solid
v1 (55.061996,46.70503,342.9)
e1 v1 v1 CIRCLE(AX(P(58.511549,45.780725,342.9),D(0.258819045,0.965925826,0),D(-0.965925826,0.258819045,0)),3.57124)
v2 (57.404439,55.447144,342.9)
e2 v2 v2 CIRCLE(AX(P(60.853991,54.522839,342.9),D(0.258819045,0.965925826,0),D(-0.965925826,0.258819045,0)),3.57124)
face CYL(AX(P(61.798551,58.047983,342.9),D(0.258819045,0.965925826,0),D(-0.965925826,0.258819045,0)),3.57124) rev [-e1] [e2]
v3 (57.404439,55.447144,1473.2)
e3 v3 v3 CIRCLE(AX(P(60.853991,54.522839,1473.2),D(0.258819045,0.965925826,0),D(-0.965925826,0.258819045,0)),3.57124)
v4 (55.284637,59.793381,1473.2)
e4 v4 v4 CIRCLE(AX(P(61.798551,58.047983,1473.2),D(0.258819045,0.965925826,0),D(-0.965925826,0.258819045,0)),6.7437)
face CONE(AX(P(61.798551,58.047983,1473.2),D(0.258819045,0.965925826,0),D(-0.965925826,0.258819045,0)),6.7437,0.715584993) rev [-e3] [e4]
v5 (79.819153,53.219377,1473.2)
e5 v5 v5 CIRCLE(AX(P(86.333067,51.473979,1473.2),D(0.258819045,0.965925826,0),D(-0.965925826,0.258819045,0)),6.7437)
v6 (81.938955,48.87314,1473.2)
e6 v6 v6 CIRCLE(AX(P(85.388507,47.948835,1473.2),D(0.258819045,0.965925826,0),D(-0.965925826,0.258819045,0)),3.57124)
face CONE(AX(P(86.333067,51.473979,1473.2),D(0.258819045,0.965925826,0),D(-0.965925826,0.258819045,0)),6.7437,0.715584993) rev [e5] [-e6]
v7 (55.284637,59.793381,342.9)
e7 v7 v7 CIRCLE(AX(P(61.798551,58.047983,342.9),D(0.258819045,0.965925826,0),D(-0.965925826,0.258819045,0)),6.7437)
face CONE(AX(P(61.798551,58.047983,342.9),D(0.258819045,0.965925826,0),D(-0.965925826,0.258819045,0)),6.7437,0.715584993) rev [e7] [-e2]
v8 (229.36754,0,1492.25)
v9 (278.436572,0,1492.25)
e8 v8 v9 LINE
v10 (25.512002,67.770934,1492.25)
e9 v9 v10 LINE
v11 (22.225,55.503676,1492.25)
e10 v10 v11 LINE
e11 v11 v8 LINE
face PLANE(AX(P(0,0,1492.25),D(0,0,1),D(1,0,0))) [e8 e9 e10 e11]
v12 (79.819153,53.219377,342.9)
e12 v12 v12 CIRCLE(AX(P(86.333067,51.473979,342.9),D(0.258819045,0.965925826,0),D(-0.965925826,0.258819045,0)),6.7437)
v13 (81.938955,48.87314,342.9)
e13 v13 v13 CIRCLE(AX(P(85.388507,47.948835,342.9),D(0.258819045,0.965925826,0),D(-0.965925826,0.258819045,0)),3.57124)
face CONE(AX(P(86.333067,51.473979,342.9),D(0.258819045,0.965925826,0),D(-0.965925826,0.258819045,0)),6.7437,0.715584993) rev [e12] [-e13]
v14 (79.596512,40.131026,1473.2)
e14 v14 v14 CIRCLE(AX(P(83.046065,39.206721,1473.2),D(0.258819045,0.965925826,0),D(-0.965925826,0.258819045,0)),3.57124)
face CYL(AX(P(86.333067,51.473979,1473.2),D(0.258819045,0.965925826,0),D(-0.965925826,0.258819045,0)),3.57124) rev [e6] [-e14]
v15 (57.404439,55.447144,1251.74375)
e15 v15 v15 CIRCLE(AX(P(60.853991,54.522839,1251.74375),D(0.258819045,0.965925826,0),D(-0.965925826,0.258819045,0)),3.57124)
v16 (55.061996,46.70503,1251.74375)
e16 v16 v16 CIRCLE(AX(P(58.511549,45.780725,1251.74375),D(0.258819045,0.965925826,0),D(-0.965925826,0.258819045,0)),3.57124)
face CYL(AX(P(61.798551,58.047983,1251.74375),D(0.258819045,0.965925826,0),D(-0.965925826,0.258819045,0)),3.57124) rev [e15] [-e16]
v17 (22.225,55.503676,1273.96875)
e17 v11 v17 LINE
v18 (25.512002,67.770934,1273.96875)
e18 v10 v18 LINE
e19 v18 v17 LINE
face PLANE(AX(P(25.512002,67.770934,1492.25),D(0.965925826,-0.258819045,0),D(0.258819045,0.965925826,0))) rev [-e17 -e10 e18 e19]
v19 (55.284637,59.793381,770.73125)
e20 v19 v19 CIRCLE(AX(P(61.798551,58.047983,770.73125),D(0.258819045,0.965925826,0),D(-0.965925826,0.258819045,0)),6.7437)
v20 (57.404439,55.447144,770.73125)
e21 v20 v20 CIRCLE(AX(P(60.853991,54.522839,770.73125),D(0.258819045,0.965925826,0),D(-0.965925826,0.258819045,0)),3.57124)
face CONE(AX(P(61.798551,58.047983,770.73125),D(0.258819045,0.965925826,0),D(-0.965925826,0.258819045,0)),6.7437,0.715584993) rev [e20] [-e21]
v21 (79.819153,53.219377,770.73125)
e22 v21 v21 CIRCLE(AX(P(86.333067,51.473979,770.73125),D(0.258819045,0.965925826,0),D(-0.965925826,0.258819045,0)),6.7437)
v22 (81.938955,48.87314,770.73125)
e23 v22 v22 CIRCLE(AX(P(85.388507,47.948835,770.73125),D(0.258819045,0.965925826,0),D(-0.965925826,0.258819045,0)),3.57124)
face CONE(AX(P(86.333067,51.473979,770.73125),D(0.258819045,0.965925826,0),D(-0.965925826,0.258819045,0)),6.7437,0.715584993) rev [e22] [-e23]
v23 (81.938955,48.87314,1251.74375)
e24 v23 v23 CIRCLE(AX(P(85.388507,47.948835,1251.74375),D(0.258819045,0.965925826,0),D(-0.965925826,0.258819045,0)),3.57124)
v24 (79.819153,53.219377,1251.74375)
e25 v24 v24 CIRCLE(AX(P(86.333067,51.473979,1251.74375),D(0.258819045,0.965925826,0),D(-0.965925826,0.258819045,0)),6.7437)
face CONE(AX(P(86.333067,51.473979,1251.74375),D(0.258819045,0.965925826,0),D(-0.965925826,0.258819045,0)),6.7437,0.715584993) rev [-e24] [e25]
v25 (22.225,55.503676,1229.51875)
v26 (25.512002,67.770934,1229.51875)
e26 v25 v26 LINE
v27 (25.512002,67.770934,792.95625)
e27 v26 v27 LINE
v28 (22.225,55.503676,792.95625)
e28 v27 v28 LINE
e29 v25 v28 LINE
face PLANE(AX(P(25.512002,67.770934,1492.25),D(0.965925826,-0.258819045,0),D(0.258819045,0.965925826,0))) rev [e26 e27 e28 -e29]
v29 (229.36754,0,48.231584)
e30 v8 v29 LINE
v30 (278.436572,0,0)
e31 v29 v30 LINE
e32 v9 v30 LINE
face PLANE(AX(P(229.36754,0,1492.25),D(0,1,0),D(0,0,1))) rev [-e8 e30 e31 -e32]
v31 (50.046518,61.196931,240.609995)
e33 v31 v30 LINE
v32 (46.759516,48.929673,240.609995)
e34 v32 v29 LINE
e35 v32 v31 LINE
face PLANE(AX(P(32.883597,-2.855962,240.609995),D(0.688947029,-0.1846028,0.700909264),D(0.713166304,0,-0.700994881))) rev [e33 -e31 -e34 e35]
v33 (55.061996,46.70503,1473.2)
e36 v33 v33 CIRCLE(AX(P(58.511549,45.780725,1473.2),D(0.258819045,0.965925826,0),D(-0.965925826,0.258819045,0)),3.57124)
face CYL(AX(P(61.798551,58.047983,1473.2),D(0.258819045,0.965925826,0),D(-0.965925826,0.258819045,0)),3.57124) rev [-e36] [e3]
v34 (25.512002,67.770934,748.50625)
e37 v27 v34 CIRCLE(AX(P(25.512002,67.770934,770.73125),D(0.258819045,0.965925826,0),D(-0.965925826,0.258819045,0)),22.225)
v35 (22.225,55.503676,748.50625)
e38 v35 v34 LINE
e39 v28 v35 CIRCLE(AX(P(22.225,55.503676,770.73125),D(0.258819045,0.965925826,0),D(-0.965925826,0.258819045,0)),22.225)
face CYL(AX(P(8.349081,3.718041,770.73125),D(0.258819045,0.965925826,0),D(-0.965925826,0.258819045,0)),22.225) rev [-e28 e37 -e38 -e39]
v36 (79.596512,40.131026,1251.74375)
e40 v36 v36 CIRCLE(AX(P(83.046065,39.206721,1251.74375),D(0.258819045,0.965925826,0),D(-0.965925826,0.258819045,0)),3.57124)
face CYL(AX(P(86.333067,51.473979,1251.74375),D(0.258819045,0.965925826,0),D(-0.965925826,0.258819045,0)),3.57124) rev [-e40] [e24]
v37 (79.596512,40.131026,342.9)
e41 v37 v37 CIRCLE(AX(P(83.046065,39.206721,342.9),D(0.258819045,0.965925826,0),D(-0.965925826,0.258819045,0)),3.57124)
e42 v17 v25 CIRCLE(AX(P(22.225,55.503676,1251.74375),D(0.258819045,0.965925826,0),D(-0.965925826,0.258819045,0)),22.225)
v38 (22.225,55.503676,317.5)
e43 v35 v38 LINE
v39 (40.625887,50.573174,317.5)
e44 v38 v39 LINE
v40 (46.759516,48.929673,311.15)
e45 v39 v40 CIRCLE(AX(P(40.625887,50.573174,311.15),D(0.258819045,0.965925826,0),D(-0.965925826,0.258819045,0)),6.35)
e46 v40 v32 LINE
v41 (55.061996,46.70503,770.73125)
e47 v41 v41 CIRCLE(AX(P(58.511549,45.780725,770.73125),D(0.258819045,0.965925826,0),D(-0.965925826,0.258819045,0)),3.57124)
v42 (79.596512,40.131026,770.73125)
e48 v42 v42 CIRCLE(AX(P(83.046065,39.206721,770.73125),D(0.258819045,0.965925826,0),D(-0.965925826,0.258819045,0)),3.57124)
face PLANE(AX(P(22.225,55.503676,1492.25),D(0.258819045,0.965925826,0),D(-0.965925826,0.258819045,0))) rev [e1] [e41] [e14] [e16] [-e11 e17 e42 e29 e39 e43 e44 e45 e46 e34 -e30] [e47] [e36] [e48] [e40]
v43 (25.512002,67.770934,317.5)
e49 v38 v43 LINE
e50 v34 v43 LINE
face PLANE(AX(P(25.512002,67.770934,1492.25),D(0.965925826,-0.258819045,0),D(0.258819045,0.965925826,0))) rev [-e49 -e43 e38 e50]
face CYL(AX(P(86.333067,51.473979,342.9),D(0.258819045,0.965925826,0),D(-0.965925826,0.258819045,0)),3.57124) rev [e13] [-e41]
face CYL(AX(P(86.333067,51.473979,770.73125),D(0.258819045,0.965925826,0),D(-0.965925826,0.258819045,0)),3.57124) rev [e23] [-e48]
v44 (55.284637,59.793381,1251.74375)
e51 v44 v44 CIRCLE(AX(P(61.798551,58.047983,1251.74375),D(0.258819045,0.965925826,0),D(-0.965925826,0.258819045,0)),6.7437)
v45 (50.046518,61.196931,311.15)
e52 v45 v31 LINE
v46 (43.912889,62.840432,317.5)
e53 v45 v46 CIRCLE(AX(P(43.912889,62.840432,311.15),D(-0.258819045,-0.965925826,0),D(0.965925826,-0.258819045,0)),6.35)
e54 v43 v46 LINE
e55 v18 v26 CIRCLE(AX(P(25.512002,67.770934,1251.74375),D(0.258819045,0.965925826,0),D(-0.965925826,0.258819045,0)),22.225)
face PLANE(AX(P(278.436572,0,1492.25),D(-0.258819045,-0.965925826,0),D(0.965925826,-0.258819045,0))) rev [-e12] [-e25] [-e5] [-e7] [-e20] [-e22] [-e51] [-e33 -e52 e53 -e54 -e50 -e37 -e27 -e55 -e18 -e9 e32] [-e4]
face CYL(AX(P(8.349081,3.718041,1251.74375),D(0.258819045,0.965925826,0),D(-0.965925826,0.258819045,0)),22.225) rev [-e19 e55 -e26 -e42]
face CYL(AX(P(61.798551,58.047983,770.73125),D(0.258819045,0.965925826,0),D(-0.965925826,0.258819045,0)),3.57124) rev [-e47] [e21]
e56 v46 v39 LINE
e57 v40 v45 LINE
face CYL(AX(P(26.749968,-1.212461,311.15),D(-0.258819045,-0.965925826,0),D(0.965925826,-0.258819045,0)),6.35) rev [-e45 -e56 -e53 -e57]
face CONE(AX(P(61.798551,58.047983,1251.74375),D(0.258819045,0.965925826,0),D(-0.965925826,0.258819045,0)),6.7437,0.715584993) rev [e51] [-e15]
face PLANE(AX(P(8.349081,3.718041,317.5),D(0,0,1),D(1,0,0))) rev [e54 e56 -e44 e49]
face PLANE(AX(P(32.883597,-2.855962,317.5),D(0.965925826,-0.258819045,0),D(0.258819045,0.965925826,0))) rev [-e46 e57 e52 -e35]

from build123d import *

# Parameters (mm, degrees)
BOSS_EXTRUDE1_DEPTH                                 = 1492.25
CSK_FOR_1_4_FLAT_HEAD_SOCKET_CAP_SCREW1_D           = 7.14248
CSK_FOR_1_4_FLAT_HEAD_SOCKET_CAP_SCREW1_CSINK_D     = 13.4874
CSK_FOR_1_4_FLAT_HEAD_SOCKET_CAP_SCREW1_CSINK_ANGLE = 82
SKETCH4_R                                           = 22.225
CUT_EXTRUDE1_DEPTH                                  = 67.312434508
CUT_EXTRUDE2_DEPTH                                  = 67.312434508
FILLET1_R                                           = 6.35


with BuildPart() as part:
    # Sketch1 → Boss-Extrude1 (new body)
    with BuildSketch(Plane.XY):
        Polygon((22.225, 55.50367642), (229.367540407, 0), (278.436572382, 0), (25.512001873, 67.770934414), align=None)
    extrude(amount=BOSS_EXTRUDE1_DEPTH)

    # CSK for 1/4 Flat Head Socket Cap Screw1 (through all)
    with Locations(Plane(origin=(18.651713678, 69.609143096, 0), x_dir=(0.965925826, -0.258819045, 0), z_dir=(0.258819045, 0.965925826, 0))):
        with Locations((44.668892959, -1251.74375), (70.068892959, -1251.74375), (44.668892959, -770.73125), (70.068892959, -770.73125), (44.668892959, -1473.2), (70.068892959, -1473.2), (44.668892959, -342.9), (70.068892959, -342.9)):
            CounterSinkHole(CSK_FOR_1_4_FLAT_HEAD_SOCKET_CAP_SCREW1_D / 2, CSK_FOR_1_4_FLAT_HEAD_SOCKET_CAP_SCREW1_CSINK_D / 2, counter_sink_angle=CSK_FOR_1_4_FLAT_HEAD_SOCKET_CAP_SCREW1_CSINK_ANGLE)

    # Sketch4 → Cut-Extrude1 (cut, through all)
    with BuildSketch(Plane(origin=(18.651713678, 69.609143096, 0), x_dir=(0.965925826, -0.258819045, 0), z_dir=(0.258819045, 0.965925826, 0))):
        with Locations((7.102292959, -770.73125)):
            Circle(SKETCH4_R)
        with Locations((7.102292959, -1251.74375)):
            Circle(SKETCH4_R)
    extrude(amount=-CUT_EXTRUDE1_DEPTH, mode=Mode.SUBTRACT)

    # Sketch5 → Cut-Extrude2 (cut, through all)
    with BuildSketch(Plane(origin=(18.651713678, 69.609143096, 0), x_dir=(0.965925826, -0.258819045, 0), z_dir=(0.258819045, 0.965925826, 0))):
        Polygon((7.102292959, -317.5), (7.102292959, 0), (268.949076248, 0), (32.502292959, -240.609994719), (32.502292959, -317.5), align=None)
    extrude(amount=-CUT_EXTRUDE2_DEPTH, mode=Mode.SUBTRACT)

    # Fillet1
    fillet1_edges = [part.edges().sort_by_distance(p)[0] for p in [
        (48.403016924, 55.063301672, 317.5),
    ]]
    fillet(fillet1_edges, radius=FILLET1_R)


solid = part.part
